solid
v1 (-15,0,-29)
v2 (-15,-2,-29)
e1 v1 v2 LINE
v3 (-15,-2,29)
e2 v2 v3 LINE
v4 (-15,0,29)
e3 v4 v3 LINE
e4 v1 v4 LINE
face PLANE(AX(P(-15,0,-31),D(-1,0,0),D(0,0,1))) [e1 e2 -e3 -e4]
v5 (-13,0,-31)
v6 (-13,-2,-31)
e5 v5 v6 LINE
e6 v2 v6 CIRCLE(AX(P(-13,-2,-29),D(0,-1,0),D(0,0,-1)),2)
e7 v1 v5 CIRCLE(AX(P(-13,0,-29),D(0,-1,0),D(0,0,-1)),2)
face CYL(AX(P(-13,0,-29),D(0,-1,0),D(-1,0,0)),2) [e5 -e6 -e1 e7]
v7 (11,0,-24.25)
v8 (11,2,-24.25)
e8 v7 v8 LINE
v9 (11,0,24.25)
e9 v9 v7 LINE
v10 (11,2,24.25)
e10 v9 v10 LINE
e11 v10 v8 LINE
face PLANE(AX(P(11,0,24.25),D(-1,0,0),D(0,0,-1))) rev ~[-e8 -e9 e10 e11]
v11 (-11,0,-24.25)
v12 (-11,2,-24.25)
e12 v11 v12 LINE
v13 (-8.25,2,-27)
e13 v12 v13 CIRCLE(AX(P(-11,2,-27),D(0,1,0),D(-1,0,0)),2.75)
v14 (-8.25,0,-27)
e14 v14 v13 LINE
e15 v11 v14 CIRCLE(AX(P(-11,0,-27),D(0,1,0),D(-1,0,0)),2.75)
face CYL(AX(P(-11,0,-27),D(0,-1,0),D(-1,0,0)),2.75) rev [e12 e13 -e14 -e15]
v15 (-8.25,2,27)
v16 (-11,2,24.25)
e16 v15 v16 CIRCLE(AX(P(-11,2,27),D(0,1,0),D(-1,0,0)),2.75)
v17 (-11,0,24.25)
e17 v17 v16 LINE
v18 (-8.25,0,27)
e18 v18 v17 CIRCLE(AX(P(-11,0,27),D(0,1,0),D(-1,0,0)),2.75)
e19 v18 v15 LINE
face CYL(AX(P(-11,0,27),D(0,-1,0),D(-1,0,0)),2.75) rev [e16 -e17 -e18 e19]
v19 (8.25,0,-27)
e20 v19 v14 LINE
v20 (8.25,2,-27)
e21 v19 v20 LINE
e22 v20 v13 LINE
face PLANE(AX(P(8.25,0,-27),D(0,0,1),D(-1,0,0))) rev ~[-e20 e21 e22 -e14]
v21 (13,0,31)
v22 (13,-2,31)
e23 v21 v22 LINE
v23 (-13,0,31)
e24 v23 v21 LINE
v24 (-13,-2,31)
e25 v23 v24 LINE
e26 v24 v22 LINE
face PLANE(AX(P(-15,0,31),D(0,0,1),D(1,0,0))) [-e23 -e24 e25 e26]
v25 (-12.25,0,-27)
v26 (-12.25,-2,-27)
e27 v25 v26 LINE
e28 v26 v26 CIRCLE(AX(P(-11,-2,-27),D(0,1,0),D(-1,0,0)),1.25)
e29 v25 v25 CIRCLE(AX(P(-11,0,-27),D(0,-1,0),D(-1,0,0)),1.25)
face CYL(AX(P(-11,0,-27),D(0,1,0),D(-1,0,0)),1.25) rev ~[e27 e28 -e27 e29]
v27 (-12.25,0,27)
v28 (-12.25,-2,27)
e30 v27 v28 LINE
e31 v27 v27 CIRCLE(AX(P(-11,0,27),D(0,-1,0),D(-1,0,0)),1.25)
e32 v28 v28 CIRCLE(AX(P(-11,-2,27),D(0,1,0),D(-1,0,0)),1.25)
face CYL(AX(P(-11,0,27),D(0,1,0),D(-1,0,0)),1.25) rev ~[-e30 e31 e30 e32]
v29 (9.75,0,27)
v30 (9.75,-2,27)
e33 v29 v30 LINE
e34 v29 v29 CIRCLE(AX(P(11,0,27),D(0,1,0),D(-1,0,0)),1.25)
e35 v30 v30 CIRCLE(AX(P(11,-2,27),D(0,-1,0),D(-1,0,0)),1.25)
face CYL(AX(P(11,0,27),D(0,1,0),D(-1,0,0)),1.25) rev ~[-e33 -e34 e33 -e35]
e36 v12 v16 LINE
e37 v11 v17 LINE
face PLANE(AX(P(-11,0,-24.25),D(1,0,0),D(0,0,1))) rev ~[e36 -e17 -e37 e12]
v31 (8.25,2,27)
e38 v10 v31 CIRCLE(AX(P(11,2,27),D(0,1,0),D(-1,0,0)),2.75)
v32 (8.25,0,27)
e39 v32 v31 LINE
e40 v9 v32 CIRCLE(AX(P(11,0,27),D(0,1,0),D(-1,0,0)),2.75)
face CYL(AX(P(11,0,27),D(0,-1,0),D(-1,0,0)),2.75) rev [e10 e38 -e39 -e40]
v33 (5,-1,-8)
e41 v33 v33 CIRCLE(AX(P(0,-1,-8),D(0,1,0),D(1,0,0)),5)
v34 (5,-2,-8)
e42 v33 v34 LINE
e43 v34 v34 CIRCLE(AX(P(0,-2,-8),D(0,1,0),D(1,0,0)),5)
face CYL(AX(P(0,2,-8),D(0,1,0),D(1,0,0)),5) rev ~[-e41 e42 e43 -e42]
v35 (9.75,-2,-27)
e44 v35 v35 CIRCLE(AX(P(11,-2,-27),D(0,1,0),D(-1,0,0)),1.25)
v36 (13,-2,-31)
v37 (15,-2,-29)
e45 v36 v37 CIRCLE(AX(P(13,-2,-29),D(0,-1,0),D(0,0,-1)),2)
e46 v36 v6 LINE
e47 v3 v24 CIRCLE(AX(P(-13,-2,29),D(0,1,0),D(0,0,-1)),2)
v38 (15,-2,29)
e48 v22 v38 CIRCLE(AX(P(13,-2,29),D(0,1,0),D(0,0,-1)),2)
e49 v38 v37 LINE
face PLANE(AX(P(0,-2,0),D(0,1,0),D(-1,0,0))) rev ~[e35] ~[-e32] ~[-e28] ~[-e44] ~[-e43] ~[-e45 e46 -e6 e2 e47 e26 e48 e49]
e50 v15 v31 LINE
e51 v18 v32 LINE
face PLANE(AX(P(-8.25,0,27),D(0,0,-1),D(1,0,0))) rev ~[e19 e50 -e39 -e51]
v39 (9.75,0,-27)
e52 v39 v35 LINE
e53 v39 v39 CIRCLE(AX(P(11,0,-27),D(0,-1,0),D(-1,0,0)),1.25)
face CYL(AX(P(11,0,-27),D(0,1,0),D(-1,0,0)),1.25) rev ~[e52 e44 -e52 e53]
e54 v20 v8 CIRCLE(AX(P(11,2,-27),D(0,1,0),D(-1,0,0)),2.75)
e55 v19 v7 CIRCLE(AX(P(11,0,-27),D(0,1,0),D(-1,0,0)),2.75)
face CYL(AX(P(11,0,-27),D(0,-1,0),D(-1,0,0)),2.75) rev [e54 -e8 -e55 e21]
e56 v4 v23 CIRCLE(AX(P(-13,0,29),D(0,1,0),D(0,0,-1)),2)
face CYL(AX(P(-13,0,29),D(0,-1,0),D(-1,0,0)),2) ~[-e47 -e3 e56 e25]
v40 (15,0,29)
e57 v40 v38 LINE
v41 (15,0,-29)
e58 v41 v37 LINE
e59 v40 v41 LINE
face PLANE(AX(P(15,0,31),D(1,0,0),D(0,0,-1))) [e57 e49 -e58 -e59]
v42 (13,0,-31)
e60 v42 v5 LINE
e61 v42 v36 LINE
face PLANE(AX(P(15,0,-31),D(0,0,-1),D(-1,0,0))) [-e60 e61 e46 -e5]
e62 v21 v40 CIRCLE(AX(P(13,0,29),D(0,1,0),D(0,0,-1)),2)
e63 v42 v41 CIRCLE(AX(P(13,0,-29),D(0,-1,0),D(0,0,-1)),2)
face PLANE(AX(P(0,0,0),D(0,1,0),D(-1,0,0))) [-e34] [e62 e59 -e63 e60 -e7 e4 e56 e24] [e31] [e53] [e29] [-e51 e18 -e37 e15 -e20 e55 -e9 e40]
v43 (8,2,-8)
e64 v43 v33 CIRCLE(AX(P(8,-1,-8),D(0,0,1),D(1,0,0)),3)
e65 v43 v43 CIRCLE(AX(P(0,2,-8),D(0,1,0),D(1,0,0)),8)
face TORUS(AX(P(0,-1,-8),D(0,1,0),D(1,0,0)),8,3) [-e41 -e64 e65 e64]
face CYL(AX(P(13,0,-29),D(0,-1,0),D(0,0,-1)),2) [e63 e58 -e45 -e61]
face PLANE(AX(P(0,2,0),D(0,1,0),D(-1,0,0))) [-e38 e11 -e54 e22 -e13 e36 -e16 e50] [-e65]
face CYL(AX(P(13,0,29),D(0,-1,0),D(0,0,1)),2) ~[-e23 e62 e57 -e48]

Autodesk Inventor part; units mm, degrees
ref_plane "YZ Plane" through (0, 0, 0) normal (1, 0, 0) x (0, 1, 0)
ref_plane "XZ Plane" through (0, 0, 0) normal (0, 1, 0) x (-1, 0, 0)
ref_plane "XY Plane" through (0, 0, 0) normal (0, 0, 1) x (1, 0, 0)
sketch "스케치1" plane through (0, 0, 0) normal (0, 1, 0) x (-1, 0, 0)
  line L0 (11, 27) -> (-11, 27)
  line L1 (-11, 27) -> (-11, -27)
  line L2 (-11, -27) -> (11, -27)
  line L3 (11, -27) -> (11, 27)
  line L4 (11, 27) -> (-11, -27) construction
  line L5 (-11, 27) -> (11, -27) construction
  line L6 (15, 31) -> (-15, 31)
  line L7 (-15, 31) -> (-15, -31)
  line L8 (-15, -31) -> (15, -31)
  line L9 (15, -31) -> (15, 31)
  circle A0 centre (11, 27) radius 1.25
  line L10 (0, 0) -> (0, -5.338)
  line L11 (0, 0) -> (0.8274, 0)
  line L12 (0, 0) -> (4.4604, 0)
  circle A1 centre (11, 27) radius 2.75
  circle A2 centre (11, -27) radius 1.25
  circle A3 centre (11, -27) radius 2.75
  circle A4 centre (-11, 27) radius 1.25
  circle A5 centre (-11, 27) radius 2.75
  circle A6 centre (-11, -27) radius 1.25
  circle A7 centre (-11, -27) radius 2.75
  point P0 (-11, -24.25)
  point P1 (-8.25, -27)
  point P2 (8.25, -27)
  point P3 (11, -24.25)
  point P4 (11, 24.25)
  point P5 (8.25, 27)
  point P6 (-8.25, 27)
  point P7 (-11, 24.25)
  dimension "d0" = 22
  dimension "d1" = 54
  dimension "d2" = 4
  dimension "d3" = 2.5
  dimension "d4" = 5.5
extrude "돌출1" add sketch "스케치1" against normal blind 2 contours A5 L1 A4 L0 | L0 A4 L1 A5 | L0 A1 L3 A3 L2 A7 L1 A5 | A1 L3 A0 L0 | L0 A0 L3 A1 | A7 L2 A6 L1 | L1 A6 L2 A7 | A3 L2 A2 L3 | L3 A2 L2 A3 | L9 L8 L7 L6
extrude "돌출2" add sketch "스케치1" along normal blind 2 contours L0 A1 L3 A3 L2 A7 L1 A5
fillet "모깎기1" radius 2 4 edges at (15, -1, -31) (-15, -1, -31) (15, -1, 31) (-15, -1, 31)
sketch "스케치2" plane through (0, 2, 0) normal (0, 1, 0) x (1, 0, 0)
  circle A0 centre (0, 8) radius 5
  line L0 (13, 31) -> (-13, 31) projected
  point P0 (0, 0)
  dimension "d10" = 23
  dimension "d11" = 10
extrude "돌출3" cut sketch "스케치2" against normal blind 4
fillet "모깎기2" radius 3 1 edges at (-5, 2, -8)
properties part number "커튼 서보 커버"
